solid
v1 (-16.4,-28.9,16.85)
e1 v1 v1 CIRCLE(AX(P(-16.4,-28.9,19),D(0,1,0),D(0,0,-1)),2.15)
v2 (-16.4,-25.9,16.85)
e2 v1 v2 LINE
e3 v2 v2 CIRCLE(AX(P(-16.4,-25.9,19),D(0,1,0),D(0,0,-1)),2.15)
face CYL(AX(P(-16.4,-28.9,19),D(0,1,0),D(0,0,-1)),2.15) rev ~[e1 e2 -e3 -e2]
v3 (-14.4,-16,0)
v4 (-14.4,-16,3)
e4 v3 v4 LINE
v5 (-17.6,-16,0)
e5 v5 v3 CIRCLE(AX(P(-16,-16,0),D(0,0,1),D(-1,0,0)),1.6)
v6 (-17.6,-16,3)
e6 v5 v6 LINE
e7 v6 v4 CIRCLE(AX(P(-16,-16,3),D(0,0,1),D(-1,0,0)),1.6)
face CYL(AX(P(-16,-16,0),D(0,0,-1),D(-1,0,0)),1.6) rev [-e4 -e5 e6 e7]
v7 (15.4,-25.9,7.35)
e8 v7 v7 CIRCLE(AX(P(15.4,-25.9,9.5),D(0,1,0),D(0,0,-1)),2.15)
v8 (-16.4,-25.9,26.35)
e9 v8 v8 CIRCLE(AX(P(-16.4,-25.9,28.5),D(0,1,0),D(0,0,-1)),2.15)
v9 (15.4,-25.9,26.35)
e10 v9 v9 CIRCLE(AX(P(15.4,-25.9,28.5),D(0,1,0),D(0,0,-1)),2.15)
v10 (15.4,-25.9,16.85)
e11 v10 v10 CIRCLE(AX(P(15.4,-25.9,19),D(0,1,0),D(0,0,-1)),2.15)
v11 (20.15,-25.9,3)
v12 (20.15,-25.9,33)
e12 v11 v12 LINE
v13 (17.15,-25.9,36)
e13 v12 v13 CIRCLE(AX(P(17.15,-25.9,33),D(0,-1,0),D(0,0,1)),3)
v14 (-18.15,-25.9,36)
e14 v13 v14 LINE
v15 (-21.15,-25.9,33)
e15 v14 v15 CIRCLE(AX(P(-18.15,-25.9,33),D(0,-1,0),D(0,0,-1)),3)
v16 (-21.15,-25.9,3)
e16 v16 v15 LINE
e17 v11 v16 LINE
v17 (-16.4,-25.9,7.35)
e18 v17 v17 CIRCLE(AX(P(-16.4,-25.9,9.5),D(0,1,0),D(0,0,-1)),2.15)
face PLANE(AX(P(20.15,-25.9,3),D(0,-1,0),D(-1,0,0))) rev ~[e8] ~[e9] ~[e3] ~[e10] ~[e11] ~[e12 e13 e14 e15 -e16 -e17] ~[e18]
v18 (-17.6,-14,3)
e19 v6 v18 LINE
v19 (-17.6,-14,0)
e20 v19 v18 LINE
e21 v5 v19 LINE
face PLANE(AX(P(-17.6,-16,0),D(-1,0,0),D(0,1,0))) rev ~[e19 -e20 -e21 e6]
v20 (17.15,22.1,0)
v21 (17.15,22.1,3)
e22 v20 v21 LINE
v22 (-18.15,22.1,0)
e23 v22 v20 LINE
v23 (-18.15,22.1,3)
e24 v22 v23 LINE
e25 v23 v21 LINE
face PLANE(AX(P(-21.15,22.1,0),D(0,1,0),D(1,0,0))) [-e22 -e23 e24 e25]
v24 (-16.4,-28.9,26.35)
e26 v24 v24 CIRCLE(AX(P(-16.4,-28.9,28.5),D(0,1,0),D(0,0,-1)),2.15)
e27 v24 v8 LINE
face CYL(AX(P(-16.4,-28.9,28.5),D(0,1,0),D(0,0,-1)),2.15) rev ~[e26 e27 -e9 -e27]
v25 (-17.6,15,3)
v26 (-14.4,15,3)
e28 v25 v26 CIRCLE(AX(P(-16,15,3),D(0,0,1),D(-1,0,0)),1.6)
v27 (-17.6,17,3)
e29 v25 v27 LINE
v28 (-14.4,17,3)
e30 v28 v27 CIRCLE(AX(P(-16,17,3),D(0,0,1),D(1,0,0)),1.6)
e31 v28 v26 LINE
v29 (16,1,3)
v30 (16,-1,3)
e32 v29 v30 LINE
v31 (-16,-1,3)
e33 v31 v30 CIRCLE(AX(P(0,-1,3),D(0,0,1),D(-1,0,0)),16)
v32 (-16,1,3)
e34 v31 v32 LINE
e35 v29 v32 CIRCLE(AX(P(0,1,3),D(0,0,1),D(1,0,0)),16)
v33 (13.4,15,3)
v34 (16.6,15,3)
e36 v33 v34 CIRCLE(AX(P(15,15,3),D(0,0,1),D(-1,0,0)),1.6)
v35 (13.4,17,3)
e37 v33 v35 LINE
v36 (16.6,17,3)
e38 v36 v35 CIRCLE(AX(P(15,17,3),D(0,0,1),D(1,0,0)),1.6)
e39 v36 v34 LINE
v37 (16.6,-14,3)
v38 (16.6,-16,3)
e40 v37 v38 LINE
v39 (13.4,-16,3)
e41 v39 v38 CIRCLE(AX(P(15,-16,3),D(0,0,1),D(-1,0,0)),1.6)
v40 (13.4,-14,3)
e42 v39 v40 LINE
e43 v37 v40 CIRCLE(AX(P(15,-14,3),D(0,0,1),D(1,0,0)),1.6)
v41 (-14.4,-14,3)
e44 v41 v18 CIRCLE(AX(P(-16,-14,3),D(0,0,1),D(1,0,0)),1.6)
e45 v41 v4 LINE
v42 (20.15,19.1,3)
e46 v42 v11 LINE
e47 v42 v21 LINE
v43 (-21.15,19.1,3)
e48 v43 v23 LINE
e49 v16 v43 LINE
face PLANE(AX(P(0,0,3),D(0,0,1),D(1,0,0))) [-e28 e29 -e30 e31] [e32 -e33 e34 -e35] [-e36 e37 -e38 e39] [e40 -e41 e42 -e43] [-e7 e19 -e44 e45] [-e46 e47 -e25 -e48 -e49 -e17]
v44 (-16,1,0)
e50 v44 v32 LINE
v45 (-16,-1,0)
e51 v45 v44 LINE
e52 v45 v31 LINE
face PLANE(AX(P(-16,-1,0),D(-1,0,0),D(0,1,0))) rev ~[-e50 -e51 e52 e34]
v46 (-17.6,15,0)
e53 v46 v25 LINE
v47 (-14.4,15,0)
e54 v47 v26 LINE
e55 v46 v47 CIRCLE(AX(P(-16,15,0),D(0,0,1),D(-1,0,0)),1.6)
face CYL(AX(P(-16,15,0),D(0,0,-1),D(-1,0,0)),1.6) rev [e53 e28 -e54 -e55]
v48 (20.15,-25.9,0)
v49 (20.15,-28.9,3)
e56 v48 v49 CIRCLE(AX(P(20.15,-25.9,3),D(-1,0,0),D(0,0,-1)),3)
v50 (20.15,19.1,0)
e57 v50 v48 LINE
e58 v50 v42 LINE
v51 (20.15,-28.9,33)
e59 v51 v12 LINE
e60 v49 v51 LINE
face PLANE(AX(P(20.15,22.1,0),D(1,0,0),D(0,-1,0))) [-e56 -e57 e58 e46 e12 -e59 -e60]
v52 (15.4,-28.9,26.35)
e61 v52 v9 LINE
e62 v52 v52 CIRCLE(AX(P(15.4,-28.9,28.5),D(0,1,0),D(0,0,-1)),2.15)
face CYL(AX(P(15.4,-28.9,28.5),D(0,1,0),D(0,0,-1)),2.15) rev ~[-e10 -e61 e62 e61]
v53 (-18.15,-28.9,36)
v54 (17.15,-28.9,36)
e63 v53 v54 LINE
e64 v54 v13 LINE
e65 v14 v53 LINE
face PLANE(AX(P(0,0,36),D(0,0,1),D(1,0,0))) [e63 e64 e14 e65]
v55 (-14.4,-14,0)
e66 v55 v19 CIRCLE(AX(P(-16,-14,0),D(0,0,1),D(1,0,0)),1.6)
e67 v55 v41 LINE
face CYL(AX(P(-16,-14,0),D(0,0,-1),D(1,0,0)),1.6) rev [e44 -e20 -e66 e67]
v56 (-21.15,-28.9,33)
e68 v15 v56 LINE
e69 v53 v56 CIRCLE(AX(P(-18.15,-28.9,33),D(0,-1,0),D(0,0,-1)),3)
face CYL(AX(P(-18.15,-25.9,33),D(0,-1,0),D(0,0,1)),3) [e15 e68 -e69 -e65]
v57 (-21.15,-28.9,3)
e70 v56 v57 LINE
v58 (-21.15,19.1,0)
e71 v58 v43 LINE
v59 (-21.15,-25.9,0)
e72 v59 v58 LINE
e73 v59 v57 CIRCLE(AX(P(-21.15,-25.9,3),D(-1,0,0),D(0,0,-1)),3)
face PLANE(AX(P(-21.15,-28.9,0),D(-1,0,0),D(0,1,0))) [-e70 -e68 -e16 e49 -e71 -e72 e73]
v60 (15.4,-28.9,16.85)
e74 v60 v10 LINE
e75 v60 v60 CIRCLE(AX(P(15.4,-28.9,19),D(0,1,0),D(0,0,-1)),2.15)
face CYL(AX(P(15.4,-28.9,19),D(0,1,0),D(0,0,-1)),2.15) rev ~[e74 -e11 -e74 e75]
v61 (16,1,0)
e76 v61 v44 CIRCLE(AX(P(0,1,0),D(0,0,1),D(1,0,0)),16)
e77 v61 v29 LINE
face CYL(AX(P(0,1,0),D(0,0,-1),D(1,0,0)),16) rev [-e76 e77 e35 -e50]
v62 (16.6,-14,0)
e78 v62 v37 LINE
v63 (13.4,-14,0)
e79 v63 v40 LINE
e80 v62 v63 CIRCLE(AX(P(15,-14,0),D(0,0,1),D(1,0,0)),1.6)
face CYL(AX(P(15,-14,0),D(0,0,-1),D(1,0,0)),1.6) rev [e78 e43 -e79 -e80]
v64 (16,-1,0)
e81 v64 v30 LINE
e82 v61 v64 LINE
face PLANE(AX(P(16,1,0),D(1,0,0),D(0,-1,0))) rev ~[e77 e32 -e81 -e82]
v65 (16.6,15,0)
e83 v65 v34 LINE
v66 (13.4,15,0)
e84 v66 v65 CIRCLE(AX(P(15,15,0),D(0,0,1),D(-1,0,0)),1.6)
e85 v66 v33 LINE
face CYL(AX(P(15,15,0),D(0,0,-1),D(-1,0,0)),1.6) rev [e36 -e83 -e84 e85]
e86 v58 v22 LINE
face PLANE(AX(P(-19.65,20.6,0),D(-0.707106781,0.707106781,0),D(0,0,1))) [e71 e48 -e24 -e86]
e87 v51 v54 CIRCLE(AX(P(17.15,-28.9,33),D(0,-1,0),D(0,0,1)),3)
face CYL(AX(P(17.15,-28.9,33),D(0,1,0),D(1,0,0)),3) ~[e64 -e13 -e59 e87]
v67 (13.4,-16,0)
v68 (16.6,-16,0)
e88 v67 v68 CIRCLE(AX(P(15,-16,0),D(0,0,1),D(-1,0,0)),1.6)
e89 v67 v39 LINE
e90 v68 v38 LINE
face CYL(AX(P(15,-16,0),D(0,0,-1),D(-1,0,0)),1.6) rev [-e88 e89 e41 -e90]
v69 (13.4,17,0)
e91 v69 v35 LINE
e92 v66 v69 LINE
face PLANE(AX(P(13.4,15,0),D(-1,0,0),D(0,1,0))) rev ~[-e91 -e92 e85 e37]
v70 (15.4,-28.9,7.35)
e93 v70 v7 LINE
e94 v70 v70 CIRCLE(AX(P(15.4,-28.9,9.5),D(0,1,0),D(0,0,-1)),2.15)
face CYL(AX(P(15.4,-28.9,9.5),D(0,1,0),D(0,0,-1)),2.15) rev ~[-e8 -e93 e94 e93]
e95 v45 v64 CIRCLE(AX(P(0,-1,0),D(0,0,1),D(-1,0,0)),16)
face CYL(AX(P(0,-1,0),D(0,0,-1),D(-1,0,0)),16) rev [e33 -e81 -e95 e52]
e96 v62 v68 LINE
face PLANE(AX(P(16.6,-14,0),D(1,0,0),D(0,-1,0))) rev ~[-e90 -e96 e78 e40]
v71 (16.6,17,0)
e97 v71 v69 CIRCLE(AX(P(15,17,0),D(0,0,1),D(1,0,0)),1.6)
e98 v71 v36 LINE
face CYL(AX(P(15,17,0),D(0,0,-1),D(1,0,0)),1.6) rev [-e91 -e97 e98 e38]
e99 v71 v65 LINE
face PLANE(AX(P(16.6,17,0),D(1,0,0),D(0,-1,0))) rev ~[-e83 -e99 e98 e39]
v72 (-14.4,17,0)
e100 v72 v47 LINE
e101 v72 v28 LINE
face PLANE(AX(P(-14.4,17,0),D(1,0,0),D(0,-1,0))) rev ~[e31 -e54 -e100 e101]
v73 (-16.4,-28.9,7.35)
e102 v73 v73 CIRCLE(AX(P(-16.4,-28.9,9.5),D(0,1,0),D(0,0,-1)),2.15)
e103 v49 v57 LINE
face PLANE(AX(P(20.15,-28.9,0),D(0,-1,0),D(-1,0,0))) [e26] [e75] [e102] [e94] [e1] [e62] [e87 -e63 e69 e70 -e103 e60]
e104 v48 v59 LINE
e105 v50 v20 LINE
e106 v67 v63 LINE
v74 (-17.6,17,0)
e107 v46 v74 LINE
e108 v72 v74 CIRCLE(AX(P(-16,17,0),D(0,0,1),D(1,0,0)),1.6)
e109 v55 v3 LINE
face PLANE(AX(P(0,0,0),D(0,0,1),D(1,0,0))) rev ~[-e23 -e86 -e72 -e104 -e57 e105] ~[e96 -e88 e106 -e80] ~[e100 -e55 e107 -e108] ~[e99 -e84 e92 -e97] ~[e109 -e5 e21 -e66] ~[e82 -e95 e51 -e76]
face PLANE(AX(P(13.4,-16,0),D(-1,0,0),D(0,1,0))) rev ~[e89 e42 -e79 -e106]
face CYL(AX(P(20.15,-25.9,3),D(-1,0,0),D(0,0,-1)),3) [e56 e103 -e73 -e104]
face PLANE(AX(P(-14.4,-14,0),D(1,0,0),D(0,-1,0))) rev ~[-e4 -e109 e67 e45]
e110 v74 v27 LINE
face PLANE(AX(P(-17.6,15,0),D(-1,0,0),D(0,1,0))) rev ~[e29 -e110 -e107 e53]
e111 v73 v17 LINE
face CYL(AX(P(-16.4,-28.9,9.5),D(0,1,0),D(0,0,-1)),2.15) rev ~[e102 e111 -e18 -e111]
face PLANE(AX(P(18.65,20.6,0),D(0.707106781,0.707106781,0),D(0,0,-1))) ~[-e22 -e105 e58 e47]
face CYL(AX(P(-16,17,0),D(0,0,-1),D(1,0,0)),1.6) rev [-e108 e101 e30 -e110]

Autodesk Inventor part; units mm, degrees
ref_plane "YZ Plane" through (0, 0, 0) normal (1, 0, 0) x (0, 1, 0)
ref_plane "XZ Plane" through (0, 0, 0) normal (0, 1, 0) x (-1, 0, 0)
ref_plane "XY Plane" through (0, 0, 0) normal (0, 0, 1) x (1, 0, 0)
sketch "スケッチ1" plane through (0, 0, 0) normal (0, 0, 1) x (1, 0, 0)
  line L0 (20.15, -28.9) -> (-21.15, -28.9)
  line L1 (-21.15, -28.9) -> (-21.15, 22.1)
  line L2 (-21.15, 22.1) -> (20.15, 22.1)
  line L3 (20.15, 22.1) -> (20.15, -28.9)
  line L4 (-16, -1) -> (-16, 1)
  line L5 (16, 1) -> (16, -1)
  line L6 (16, -1) -> (-16, 1) construction
  line L7 (-16, -1) -> (16, 1) construction
  arc A0 (-16, -1) -> (16, -1) centre (0, -1) ccw
  arc A1 (16, 1) -> (-16, 1) centre (0, 1) ccw
  line L8 (-16, 1) -> (-15.8745, 1)
  line L9 (15.8745, 1) -> (16, 1)
  line L10 (16, -1) -> (15.8745, -1)
  line L11 (-15.8745, -1) -> (-16, -1)
  arc A2 (-14.4, 17) -> (-17.6, 17) centre (-16, 17) ccw
  line L12 (-14.4, 17) -> (-14.4, 15)
  line L13 (-17.6, 15) -> (-17.6, 17)
  arc A3 (-17.6, 15) -> (-14.4, 15) centre (-16, 15) ccw
  arc A4 (16.6, 17) -> (13.4, 17) centre (15, 17) ccw
  line L14 (13.4, 15) -> (13.4, 17)
  arc A5 (13.4, 15) -> (16.6, 15) centre (15, 15) ccw
  line L15 (16.6, 17) -> (16.6, 15)
  arc A6 (-14.4, -14) -> (-17.6, -14) centre (-16, -14) ccw
  line L16 (-17.6, -16) -> (-17.6, -14)
  arc A7 (-17.6, -16) -> (-14.4, -16) centre (-16, -16) ccw
  line L17 (-14.4, -14) -> (-14.4, -16)
  arc A8 (16.6, -14) -> (13.4, -14) centre (15, -14) ccw
  line L18 (13.4, -16) -> (13.4, -14)
  arc A9 (13.4, -16) -> (16.6, -16) centre (15, -16) ccw
  line L19 (16.6, -14) -> (16.6, -16)
  point P0 (0, 0)
  point P1 (13.4, -15)
  point P2 (16.6, -15)
  dimension "d5" = 41.3
  dimension "d6" = 51
  dimension "d7" = 2
  dimension "d9" = 16
  dimension "d12" = 2
  dimension "d13" = 1.6
  dimension "d14" = 1.6
  dimension "d17" = 31
  dimension "d20" = 31
  dimension "d29" = 5.15
  dimension "d30" = 14.9
extrude "押し出し1" add sketch "スケッチ1" along normal blind 3
sketch "スケッチ2" plane through (0, 0, 3) normal (0, 0, 1) x (1, 0, 0)
  line L0 (-21.15, -28.9) -> (20.15, -28.9) projected
  line L1 (-21.15, -28.9) -> (20.15, -28.9)
  line L2 (20.15, -28.9) -> (20.15, -25.9)
  line L3 (20.15, -25.9) -> (-21.15, -25.9)
  line L4 (-21.15, -25.9) -> (-21.15, -28.9)
  point P0 (0, 0)
  dimension "d25" = 3
extrude "押し出し2" add sketch "スケッチ2" along normal blind 33
sketch "スケッチ3" plane through (-21.15, -28.9, 0) normal (0, -1, 0) x (1, 0, 0)
  line L0 (4.75, 19) -> (36.55, 19)
  line L1 (36.55, 19) -> (36.55, 9.5)
  line L2 (36.55, 9.5) -> (4.75, 9.5)
  line L3 (4.75, 9.5) -> (4.75, 19)
  line L4 (0, 0) -> (41.3, 0) projected
  line L5 (41.3, 0) -> (41.3, 36) projected
  point P0 (21.15, 0)
  point P1 (36.55, 28.5)
  point P2 (4.75, 28.5)
  dimension "d31" = 9.5
  dimension "d32" = 9.5
  dimension "d33" = 31.8
  dimension "d34" = 4.75
  dimension "d42" = 28.5
hole "穴1" at (-16.4, -28.9, 9.5) at (-16.4, -28.9, 19) at (15.4, -28.9, 9.5) at (15.4, -28.9, 19) at (15.4, -28.9, 28.5) at (-16.4, -28.9, 28.5) direction (0, 1, 0) diameter 4.3 end through all
chamfer "面取り1" distance 3 angle 45 2 edges at (20.15, 22.1, 1.5) (-21.15, 22.1, 1.5)
fillet "フィレット1" radius 3 3 edges at (-21.15, -27.4, 36) (20.15, -27.4, 36) (-0.5, -28.9, 0)
properties part number "ブラケット"
